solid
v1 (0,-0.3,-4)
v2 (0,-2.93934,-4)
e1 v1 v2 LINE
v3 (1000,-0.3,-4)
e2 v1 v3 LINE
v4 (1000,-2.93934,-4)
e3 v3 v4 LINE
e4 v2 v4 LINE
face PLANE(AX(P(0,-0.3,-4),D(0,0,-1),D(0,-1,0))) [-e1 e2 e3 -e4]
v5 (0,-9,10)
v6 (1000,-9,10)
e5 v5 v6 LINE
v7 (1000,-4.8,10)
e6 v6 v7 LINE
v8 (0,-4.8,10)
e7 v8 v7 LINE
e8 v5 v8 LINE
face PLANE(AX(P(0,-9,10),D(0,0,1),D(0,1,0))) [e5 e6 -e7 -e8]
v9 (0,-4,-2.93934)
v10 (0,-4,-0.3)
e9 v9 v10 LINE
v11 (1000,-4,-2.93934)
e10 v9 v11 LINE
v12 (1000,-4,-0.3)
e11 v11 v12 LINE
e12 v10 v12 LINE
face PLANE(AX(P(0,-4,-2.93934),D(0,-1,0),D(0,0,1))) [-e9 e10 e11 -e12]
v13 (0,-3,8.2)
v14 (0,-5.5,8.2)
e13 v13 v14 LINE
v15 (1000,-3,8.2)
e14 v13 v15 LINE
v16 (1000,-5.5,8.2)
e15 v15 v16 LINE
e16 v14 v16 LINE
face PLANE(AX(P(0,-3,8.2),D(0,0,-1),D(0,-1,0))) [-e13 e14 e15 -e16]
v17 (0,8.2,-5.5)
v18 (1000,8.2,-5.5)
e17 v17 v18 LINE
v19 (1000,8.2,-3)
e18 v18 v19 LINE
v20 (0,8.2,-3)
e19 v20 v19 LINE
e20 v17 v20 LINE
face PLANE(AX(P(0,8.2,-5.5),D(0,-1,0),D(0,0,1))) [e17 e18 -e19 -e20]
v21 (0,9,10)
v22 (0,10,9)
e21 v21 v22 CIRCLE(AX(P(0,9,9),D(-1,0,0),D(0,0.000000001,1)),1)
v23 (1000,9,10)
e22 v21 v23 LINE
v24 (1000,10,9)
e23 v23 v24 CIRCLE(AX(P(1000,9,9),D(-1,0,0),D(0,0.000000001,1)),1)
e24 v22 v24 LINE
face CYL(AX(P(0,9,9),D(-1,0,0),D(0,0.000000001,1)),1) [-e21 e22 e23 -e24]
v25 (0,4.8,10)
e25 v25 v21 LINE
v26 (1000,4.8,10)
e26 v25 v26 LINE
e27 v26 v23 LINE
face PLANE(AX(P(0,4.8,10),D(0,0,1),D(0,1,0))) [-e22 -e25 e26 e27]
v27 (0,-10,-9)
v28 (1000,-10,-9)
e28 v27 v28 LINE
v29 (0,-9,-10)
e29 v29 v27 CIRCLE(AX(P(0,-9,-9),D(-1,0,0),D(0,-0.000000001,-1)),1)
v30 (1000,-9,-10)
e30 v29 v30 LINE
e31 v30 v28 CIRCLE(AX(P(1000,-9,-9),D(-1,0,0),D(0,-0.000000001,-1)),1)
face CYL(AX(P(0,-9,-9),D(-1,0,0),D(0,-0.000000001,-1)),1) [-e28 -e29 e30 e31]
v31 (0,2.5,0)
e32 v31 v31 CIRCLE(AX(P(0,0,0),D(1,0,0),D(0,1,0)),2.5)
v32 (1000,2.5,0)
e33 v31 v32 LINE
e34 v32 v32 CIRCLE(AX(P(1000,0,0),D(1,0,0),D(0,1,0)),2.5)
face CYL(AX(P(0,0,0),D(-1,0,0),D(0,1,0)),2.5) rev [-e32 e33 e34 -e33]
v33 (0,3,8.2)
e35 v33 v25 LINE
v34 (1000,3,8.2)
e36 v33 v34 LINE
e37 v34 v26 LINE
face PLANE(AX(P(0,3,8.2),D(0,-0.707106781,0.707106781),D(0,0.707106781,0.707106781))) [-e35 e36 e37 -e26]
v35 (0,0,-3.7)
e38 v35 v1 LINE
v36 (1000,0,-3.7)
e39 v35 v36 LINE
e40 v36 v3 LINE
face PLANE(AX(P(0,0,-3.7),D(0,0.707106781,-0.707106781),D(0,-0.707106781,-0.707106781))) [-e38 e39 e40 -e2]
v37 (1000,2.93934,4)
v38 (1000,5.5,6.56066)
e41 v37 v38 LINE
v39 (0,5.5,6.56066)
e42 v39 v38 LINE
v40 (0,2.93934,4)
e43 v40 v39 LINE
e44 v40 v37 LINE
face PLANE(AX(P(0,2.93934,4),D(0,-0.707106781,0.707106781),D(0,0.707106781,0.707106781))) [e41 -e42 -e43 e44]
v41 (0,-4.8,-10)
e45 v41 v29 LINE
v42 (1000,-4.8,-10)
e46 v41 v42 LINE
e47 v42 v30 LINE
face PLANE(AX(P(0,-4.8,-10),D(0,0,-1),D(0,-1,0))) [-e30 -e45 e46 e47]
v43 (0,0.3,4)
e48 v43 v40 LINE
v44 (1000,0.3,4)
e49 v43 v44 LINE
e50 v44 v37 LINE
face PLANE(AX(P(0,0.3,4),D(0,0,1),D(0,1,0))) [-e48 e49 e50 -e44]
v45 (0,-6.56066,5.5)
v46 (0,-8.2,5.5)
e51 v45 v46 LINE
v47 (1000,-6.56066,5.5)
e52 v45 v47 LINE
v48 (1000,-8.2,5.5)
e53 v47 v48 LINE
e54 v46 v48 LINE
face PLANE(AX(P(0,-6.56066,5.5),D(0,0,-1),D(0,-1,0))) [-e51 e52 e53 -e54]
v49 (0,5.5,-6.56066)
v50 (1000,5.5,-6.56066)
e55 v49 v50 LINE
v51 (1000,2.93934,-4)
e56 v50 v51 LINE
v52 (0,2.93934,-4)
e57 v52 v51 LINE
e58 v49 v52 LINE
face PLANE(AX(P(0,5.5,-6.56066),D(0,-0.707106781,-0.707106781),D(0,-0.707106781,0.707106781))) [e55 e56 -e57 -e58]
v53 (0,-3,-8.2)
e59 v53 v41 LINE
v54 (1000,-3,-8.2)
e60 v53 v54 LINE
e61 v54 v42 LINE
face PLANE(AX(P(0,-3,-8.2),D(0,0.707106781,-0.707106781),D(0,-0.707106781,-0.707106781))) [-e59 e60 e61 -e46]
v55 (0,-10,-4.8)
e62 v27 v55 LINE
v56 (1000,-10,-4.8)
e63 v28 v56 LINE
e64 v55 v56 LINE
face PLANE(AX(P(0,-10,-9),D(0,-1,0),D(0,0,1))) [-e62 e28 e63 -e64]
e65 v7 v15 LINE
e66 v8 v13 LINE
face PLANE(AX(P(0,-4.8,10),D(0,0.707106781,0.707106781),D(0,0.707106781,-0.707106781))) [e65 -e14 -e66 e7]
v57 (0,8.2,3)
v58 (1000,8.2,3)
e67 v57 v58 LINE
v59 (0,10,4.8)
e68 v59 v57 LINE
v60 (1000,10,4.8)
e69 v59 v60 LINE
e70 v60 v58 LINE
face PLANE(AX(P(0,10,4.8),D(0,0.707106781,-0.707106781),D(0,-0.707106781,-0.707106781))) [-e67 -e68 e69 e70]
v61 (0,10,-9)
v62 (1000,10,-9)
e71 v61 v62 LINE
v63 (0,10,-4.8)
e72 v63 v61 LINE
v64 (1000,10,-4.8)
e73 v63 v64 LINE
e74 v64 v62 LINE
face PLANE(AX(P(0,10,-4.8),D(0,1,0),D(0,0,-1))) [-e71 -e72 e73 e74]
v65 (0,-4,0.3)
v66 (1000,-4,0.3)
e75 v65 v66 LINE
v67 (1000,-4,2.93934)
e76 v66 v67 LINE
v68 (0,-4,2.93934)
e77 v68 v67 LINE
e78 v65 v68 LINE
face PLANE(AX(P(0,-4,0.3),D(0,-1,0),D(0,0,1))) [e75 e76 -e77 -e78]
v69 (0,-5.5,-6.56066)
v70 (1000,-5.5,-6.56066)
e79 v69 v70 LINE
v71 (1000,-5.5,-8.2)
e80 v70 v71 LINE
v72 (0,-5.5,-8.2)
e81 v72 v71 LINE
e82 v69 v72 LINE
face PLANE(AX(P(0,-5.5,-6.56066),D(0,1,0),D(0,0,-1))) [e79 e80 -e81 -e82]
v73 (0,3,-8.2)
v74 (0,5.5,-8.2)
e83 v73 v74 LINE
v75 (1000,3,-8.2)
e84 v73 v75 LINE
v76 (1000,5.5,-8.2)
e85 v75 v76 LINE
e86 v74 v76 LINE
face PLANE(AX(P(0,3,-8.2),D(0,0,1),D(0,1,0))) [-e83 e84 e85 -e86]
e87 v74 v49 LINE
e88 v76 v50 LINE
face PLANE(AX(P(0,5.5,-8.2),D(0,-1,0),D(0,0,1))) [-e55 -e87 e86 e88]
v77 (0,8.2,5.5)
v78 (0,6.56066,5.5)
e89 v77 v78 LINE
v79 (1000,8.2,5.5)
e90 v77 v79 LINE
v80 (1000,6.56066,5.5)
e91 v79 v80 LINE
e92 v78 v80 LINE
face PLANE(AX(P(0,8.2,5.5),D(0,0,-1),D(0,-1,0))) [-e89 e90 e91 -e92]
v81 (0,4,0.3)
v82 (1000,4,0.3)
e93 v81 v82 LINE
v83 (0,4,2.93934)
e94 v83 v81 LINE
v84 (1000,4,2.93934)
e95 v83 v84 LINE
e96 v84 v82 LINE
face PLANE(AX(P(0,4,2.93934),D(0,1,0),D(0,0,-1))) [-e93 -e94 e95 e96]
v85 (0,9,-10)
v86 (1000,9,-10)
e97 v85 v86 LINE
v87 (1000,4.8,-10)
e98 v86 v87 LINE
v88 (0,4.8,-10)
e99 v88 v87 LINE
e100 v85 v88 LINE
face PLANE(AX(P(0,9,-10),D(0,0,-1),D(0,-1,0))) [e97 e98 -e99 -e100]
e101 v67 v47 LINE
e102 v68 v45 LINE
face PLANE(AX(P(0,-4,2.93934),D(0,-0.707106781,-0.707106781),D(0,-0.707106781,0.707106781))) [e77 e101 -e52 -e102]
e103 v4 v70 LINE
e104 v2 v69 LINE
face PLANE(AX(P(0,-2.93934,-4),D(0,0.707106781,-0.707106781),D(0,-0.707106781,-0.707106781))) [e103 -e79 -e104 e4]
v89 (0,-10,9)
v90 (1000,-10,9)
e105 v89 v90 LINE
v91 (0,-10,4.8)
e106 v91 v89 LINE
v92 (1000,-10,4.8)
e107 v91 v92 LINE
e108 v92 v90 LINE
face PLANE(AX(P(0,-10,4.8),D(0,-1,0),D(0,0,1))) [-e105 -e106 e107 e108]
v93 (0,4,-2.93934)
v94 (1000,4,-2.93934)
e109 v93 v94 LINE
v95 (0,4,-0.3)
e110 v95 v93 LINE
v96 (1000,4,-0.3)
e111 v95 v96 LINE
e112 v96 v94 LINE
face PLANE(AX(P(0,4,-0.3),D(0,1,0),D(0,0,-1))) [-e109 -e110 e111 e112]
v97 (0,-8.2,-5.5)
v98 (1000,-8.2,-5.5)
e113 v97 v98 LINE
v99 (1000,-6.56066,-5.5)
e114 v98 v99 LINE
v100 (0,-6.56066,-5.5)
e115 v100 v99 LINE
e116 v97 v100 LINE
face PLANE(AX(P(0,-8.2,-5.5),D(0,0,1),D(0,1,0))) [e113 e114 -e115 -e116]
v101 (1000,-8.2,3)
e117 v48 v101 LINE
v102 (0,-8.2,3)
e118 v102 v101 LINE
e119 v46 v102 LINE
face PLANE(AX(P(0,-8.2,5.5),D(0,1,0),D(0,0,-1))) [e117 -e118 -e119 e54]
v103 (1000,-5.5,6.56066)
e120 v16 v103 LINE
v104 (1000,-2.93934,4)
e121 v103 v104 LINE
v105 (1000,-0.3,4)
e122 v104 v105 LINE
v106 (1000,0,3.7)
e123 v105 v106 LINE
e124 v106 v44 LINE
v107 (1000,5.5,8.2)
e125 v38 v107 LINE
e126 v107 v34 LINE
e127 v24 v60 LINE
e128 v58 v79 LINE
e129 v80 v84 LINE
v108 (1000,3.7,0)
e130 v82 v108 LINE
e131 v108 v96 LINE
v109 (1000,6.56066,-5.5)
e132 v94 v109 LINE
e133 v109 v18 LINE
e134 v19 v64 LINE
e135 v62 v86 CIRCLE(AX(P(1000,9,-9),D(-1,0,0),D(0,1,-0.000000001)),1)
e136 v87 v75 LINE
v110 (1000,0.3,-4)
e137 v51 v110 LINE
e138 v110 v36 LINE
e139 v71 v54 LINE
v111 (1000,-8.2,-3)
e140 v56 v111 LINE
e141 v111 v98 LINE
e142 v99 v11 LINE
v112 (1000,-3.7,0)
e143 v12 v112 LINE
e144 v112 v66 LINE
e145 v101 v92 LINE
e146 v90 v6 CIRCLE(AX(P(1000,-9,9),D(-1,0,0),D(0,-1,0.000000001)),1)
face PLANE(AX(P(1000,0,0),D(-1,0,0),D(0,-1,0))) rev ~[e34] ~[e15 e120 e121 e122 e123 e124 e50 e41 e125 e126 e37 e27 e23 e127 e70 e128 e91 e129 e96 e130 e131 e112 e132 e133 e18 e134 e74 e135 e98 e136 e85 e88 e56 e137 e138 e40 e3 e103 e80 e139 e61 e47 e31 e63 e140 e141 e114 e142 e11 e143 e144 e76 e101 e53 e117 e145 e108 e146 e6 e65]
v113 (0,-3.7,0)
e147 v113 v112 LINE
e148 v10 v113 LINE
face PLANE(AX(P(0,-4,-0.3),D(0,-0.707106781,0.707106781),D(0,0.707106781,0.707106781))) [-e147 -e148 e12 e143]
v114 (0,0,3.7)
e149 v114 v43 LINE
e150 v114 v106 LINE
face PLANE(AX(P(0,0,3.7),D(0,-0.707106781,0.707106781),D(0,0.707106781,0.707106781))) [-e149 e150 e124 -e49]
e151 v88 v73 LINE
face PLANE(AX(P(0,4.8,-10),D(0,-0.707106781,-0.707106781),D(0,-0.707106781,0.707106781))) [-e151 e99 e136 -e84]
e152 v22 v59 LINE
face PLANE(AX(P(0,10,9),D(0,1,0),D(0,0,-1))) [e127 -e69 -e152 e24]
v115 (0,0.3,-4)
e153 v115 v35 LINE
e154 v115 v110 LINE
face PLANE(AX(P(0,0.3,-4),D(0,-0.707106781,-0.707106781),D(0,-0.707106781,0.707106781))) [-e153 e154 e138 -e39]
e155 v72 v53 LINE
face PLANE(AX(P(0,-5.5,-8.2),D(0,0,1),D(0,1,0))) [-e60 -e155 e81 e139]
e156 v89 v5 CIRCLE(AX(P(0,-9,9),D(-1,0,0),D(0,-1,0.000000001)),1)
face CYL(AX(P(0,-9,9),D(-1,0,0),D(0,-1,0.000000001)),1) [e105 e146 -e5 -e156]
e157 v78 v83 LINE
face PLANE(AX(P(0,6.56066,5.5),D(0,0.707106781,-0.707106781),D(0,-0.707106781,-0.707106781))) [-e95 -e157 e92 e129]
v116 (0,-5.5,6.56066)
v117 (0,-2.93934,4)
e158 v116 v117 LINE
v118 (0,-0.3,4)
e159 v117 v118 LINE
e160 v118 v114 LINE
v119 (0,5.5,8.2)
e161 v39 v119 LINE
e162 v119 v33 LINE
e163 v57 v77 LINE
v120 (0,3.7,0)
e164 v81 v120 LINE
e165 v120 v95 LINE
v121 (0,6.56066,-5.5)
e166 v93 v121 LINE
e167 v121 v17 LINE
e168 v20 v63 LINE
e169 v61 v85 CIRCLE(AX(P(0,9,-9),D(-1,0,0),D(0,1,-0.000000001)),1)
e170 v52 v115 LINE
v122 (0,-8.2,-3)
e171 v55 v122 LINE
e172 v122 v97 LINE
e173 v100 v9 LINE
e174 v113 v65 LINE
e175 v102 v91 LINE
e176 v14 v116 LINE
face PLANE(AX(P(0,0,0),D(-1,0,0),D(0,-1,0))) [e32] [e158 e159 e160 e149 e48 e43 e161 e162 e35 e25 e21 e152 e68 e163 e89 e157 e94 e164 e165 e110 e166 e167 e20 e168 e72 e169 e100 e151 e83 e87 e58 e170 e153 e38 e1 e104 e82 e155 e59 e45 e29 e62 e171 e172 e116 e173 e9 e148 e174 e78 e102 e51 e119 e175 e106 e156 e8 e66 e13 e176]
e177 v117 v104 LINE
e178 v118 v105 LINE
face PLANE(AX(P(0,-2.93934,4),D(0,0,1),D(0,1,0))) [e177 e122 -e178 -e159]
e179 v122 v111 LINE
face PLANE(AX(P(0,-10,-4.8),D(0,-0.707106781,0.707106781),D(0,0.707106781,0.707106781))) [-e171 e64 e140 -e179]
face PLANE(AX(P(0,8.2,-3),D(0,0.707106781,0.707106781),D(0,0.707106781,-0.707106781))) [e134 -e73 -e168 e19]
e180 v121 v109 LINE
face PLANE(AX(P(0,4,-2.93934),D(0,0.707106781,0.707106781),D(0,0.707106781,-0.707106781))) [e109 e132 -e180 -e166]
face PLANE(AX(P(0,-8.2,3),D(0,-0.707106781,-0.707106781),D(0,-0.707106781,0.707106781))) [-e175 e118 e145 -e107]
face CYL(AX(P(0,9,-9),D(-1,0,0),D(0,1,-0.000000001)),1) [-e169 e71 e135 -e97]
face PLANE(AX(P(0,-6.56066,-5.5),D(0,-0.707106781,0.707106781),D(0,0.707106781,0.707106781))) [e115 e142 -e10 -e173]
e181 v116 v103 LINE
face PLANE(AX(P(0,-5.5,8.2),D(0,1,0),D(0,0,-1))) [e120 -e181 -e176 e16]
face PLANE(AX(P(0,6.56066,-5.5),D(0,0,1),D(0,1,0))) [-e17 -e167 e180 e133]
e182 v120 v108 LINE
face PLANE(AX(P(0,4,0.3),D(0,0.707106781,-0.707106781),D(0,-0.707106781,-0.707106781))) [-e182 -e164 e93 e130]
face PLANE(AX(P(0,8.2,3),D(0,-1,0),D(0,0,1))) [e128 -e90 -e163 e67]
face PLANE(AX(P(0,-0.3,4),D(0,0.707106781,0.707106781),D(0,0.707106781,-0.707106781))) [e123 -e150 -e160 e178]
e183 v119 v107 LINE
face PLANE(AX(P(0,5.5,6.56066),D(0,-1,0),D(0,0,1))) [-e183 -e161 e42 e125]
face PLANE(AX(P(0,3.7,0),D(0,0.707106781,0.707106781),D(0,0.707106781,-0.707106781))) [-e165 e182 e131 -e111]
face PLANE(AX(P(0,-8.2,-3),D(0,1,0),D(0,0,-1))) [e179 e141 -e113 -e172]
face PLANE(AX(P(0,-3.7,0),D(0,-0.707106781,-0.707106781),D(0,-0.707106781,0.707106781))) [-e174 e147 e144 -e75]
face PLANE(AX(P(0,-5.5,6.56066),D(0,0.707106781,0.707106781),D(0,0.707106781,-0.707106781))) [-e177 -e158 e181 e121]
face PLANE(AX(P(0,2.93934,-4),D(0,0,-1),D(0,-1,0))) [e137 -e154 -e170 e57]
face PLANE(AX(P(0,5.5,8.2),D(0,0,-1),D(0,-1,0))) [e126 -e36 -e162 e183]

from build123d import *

# Parameters (mm, degrees)
SKETCH11_R                                  = 2.5
QUADRADO_PF20_11_PERFIL_2020_V_SLOT_1_DEPTH = 1000


with BuildPart() as part:
    # Sketch11 → Quadrado PF20-11 - PERFIL 2020 V-SLOT(1) (new body)
    with BuildSketch(Plane.YZ):
        with BuildLine():
            Line((-4.8, 10), (-3, 8.2))
            Line((-3, 8.2), (-5.5, 8.2))
            Line((-5.5, 8.2), (-5.5, 6.560660172))
            Line((-5.5, 6.560660172), (-2.939339828, 4))
            Line((-2.939339828, 4), (-0.3, 4))
            Line((-0.3, 4), (0, 3.7))
            Line((0, 3.7), (0.3, 4))
            Line((0.3, 4), (2.939339828, 4))
            Line((2.939339828, 4), (5.5, 6.560660172))
            Line((5.5, 6.560660172), (5.5, 8.2))
            Line((5.5, 8.2), (3, 8.2))
            Line((3, 8.2), (4.8, 10))
            Line((4.8, 10), (9, 10))
            ThreePointArc((9, 10), (9.707106781, 9.707106781), (10, 9))
            Line((10, 9), (10, 4.8))
            Line((10, 4.8), (8.2, 3))
            Line((8.2, 3), (8.2, 5.5))
            Line((8.2, 5.5), (6.560660172, 5.5))
            Line((6.560660172, 5.5), (4, 2.939339828))
            Line((4, 2.939339828), (4, 0.3))
            Line((4, 0.3), (3.7, 0))
            Line((3.7, 0), (4, -0.3))
            Line((4, -0.3), (4, -2.939339828))
            Line((4, -2.939339828), (6.560660172, -5.5))
            Line((6.560660172, -5.5), (8.2, -5.5))
            Line((8.2, -5.5), (8.2, -3))
            Line((8.2, -3), (10, -4.8))
            Line((10, -4.8), (10, -9))
            ThreePointArc((10, -9), (9.707106781, -9.707106781), (9, -10))
            Line((9, -10), (4.8, -10))
            Line((4.8, -10), (3, -8.2))
            Line((3, -8.2), (5.5, -8.2))
            Line((5.5, -8.2), (5.5, -6.560660172))
            Line((5.5, -6.560660172), (2.939339828, -4))
            Line((2.939339828, -4), (0.3, -4))
            Line((0.3, -4), (0, -3.7))
            Line((0, -3.7), (-0.3, -4))
            Line((-0.3, -4), (-2.939339828, -4))
            Line((-2.939339828, -4), (-5.5, -6.560660172))
            Line((-5.5, -6.560660172), (-5.5, -8.2))
            Line((-5.5, -8.2), (-3, -8.2))
            Line((-3, -8.2), (-4.8, -10))
            Line((-4.8, -10), (-9, -10))
            ThreePointArc((-9, -10), (-9.707106781, -9.707106781), (-10, -9))
            Line((-10, -9), (-10, -4.8))
            Line((-10, -4.8), (-8.2, -3))
            Line((-8.2, -3), (-8.2, -5.5))
            Line((-8.2, -5.5), (-6.560660172, -5.5))
            Line((-6.560660172, -5.5), (-4, -2.939339828))
            Line((-4, -2.939339828), (-4, -0.3))
            Line((-4, -0.3), (-3.7, 0))
            Line((-3.7, 0), (-4, 0.3))
            Line((-4, 0.3), (-4, 2.939339828))
            Line((-4, 2.939339828), (-6.560660172, 5.5))
            Line((-6.560660172, 5.5), (-8.2, 5.5))
            Line((-8.2, 5.5), (-8.2, 3))
            Line((-8.2, 3), (-10, 4.8))
            Line((-10, 4.8), (-10, 9))
            ThreePointArc((-10, 9), (-9.707106781, 9.707106781), (-9, 10))
            Line((-9, 10), (-4.8, 10))
        make_face()
        Circle(SKETCH11_R, mode=Mode.SUBTRACT)
    extrude(amount=QUADRADO_PF20_11_PERFIL_2020_V_SLOT_1_DEPTH)


solid = part.part
